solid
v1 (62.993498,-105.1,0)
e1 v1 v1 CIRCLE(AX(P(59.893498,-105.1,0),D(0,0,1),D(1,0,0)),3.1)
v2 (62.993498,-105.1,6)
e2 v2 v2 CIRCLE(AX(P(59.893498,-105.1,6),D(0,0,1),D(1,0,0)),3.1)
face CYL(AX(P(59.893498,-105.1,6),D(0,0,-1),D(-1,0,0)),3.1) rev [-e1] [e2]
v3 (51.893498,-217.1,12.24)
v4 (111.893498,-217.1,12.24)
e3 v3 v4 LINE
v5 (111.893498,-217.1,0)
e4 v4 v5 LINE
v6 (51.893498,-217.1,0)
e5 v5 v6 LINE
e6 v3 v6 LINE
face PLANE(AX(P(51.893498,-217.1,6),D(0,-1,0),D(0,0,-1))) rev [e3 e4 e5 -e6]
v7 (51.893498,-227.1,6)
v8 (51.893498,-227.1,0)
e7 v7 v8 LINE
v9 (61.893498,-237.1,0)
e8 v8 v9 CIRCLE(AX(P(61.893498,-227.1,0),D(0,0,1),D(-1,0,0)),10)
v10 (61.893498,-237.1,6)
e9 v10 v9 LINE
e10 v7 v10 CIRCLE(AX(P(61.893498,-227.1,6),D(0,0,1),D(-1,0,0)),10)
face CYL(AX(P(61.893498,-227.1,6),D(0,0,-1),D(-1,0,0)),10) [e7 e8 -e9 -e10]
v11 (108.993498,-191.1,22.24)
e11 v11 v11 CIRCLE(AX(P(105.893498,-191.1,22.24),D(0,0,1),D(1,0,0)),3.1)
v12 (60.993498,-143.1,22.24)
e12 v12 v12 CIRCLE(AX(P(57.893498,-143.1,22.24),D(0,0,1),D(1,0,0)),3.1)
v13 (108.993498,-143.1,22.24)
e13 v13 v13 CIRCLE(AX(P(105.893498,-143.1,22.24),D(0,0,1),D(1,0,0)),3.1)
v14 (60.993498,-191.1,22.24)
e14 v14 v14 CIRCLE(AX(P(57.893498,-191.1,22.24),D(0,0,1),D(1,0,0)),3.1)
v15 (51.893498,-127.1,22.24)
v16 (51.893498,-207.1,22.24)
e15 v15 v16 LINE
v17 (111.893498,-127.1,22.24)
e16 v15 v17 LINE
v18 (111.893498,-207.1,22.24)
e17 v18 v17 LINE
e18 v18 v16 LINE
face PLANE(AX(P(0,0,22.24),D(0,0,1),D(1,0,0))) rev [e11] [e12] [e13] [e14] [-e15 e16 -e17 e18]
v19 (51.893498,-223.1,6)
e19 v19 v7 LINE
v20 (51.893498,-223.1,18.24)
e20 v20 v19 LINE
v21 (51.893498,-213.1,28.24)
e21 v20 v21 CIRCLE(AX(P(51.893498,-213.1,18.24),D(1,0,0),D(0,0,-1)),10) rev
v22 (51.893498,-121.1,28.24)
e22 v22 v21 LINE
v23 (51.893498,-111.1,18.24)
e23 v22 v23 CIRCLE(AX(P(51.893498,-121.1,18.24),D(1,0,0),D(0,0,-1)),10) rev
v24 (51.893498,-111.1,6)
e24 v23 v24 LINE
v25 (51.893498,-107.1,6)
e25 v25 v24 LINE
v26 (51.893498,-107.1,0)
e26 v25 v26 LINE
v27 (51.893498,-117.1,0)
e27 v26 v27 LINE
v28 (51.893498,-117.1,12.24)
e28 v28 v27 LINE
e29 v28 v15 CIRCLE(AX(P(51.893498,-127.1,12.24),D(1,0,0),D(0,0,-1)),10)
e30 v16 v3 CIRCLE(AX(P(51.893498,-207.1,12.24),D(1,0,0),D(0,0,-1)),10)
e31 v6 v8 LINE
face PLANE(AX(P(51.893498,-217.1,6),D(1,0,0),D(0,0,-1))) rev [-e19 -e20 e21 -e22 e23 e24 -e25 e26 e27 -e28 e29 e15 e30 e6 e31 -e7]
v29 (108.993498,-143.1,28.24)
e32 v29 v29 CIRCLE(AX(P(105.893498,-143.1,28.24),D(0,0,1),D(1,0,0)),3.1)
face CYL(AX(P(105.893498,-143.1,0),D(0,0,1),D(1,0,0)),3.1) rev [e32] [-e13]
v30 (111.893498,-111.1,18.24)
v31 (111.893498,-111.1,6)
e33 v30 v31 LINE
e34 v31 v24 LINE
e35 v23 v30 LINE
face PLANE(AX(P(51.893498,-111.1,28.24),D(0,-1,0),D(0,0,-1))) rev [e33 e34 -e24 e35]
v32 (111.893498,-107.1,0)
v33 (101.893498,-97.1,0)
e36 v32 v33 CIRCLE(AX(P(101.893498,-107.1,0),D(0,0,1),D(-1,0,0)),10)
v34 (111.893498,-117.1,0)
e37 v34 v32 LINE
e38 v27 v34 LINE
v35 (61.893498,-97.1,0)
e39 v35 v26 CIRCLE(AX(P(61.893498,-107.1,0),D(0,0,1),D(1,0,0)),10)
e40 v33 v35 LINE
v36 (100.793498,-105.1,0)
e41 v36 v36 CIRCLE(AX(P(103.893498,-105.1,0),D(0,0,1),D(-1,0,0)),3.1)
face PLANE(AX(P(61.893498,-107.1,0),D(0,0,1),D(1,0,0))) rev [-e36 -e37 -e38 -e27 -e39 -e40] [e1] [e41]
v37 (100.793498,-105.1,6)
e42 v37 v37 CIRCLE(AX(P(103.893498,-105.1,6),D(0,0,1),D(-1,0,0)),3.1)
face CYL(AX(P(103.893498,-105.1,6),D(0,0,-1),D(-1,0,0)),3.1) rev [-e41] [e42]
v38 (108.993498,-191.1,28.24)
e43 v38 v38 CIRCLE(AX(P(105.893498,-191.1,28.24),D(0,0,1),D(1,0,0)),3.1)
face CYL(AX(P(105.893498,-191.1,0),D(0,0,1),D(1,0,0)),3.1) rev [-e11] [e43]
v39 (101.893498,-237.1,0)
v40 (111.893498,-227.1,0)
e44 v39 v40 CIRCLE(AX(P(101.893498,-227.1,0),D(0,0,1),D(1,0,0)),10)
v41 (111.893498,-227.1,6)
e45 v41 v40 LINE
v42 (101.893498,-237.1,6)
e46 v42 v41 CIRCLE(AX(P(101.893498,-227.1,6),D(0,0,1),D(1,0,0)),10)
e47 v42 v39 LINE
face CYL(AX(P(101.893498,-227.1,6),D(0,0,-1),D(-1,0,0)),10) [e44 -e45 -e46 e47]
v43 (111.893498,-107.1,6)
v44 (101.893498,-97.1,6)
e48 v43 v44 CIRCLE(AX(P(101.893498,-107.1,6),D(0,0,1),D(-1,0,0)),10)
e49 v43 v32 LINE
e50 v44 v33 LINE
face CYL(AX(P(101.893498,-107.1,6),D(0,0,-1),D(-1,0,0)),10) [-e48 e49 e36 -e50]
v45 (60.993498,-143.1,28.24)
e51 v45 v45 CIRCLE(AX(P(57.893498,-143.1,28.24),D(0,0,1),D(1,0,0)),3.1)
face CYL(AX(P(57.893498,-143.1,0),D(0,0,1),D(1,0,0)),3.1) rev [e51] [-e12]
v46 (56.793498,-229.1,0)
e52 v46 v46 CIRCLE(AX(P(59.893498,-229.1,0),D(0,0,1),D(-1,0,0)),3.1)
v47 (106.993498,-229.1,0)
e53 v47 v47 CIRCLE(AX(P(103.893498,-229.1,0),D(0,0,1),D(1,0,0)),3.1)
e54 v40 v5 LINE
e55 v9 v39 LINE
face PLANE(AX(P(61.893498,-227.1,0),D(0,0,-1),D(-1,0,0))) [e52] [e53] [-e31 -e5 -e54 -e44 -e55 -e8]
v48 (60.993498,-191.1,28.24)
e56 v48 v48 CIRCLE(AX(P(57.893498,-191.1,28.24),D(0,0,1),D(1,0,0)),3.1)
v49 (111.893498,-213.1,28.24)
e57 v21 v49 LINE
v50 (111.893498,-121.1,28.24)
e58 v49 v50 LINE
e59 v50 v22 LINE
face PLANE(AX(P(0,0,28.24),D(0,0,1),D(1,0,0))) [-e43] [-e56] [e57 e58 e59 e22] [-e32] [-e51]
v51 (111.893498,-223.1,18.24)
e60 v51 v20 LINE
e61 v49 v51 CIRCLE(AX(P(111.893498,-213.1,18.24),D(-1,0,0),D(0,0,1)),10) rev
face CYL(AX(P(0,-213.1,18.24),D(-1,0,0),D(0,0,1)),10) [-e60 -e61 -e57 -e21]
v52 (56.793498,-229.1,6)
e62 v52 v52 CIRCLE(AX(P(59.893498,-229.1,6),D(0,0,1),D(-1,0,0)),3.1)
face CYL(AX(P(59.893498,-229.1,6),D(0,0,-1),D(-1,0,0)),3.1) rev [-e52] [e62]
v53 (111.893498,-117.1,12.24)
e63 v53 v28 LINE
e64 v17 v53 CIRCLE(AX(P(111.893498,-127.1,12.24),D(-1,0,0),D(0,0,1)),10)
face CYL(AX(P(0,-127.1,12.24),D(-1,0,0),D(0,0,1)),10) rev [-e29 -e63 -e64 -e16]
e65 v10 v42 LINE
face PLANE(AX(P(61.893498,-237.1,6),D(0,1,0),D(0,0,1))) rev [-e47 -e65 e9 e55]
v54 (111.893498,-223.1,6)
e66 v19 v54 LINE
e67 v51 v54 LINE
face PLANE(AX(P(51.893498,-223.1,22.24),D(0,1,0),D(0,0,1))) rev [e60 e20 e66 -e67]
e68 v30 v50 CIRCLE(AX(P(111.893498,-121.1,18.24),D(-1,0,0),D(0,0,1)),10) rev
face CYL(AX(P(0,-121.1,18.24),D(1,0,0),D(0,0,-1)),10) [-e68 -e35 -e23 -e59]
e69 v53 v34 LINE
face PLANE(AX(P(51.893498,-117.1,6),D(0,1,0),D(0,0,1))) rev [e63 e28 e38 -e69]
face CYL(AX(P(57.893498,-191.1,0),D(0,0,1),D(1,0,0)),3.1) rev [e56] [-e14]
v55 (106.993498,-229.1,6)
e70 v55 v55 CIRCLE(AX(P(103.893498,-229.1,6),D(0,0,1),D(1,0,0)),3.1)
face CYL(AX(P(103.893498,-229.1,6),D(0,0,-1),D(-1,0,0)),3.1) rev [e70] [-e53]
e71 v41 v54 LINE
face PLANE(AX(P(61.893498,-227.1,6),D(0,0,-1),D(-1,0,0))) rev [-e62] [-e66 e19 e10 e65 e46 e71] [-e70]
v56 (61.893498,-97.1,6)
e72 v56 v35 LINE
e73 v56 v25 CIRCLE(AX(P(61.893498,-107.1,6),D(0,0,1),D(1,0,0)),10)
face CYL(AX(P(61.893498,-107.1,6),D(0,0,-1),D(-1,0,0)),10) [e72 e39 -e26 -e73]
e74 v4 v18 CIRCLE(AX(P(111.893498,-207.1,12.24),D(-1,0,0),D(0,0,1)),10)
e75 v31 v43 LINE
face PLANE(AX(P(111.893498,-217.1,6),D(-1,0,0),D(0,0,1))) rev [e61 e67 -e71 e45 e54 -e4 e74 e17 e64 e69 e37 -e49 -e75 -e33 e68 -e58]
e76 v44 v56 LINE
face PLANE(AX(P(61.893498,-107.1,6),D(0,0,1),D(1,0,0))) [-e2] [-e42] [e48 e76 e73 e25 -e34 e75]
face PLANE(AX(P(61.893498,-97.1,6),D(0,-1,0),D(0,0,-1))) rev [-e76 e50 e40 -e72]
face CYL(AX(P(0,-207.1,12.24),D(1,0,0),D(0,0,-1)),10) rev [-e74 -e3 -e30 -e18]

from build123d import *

# Parameters (mm, degrees)
CROQUIS1_R                = 3.1
SALIENTE_EXTRUIR1_DEPTH   = 6
SALIENTE_EXTRUIR1_2_DEPTH = 6
CROQUIS3_W                = 60
CROQUIS3_H                = 6
SALIENTE_EXTRUIR2_DEPTH   = 16.24
CROQUIS4_W                = 60
CROQUIS4_H                = 112
SALIENTE_EXTRUIR3_DEPTH   = 6
REDONDEO1_R               = 10
CROQUIS5_R                = 3.1
CORTAR_EXTRUIR1_DEPTH     = 264.693121755


with BuildPart() as part:
    # Croquis1 → Saliente-Extruir1 (new body)
    with BuildSketch(Plane.XY):
        with BuildLine():
            Line((51.893497848, -217.1), (111.893497848, -217.1))
            Line((111.893497848, -217.1), (111.893497848, -227.1))
            ThreePointArc((111.893497848, -227.1), (108.96456566, -234.171067812), (101.893497848, -237.1))
            Line((101.893497848, -237.1), (61.893497848, -237.1))
            ThreePointArc((61.893497848, -237.1), (54.822430037, -234.171067812), (51.893497848, -227.1))
            Line((51.893497848, -227.1), (51.893497848, -217.1))
        make_face()
        with Locations(Location((59.893497848, -229.1, 0), (0, 0, 180))):
            Circle(CROQUIS1_R, mode=Mode.SUBTRACT)
        with Locations((103.893497848, -229.1)):
            Circle(CROQUIS1_R, mode=Mode.SUBTRACT)
    extrude(amount=SALIENTE_EXTRUIR1_DEPTH)



with BuildPart() as body_2:
    # Croquis1 → Saliente-Extruir1 2 (new body)
    with BuildSketch(Plane.XY):
        with BuildLine():
            Line((61.893497848, -97.1), (101.893497848, -97.1))
            ThreePointArc((101.893497848, -97.1), (108.96456566, -100.028932188), (111.893497848, -107.1))
            Line((111.893497848, -107.1), (111.893497848, -117.1))
            Line((111.893497848, -117.1), (51.893497848, -117.1))
            Line((51.893497848, -117.1), (51.893497848, -107.1))
            ThreePointArc((51.893497848, -107.1), (54.822430037, -100.028932188), (61.893497848, -97.1))
        make_face()
        with Locations((59.893497848, -105.1)):
            Circle(CROQUIS1_R, mode=Mode.SUBTRACT)
        with Locations(Location((103.893497848, -105.1, 0), (0, 0, 180))):
            Circle(CROQUIS1_R, mode=Mode.SUBTRACT)
    extrude(amount=SALIENTE_EXTRUIR1_2_DEPTH)


with BuildPart() as part_1:
    add(part.part)

    add(body_2.part)  # Saliente-Extruir2 merges body 2
    # Croquis3 → Saliente-Extruir2 (add)
    with BuildSketch(Plane.XY.offset(6)):
        with Locations((81.893497848, -220.1)):
            Rectangle(CROQUIS3_W, CROQUIS3_H)
        with Locations((81.893497848, -114.1)):
            Rectangle(CROQUIS3_W, CROQUIS3_H)
    extrude(amount=SALIENTE_EXTRUIR2_DEPTH)

    # Croquis4 → Saliente-Extruir3 (add)
    with BuildSketch(Plane.XY.offset(22.24)):
        with Locations((81.893497848, -167.1)):
            Rectangle(CROQUIS4_W, CROQUIS4_H)
    extrude(amount=SALIENTE_EXTRUIR3_DEPTH)

    # Redondeo1
    redondeo1_edges = [part_1.edges().sort_by_distance(p)[0] for p in [
        (81.893497848, -217.1, 22.24),
        (81.893497848, -223.1, 28.24),
        (81.893497848, -111.1, 28.24),
        (81.893497848, -117.1, 22.24),
    ]]
    fillet(redondeo1_edges, radius=REDONDEO1_R)

    # Croquis5 → Cortar-Extruir1 (cut, through all)
    with BuildSketch(Plane.XY.offset(28.24)):
        with Locations((105.893497848, -143.1)):
            Circle(CROQUIS5_R)
        with Locations((105.893497848, -191.1)):
            Circle(CROQUIS5_R)
        with Locations((57.893497848, -191.1)):
            Circle(CROQUIS5_R)
        with Locations((57.893497848, -143.1)):
            Circle(CROQUIS5_R)
    extrude(amount=-CORTAR_EXTRUIR1_DEPTH, mode=Mode.SUBTRACT)


solid = part_1.part
